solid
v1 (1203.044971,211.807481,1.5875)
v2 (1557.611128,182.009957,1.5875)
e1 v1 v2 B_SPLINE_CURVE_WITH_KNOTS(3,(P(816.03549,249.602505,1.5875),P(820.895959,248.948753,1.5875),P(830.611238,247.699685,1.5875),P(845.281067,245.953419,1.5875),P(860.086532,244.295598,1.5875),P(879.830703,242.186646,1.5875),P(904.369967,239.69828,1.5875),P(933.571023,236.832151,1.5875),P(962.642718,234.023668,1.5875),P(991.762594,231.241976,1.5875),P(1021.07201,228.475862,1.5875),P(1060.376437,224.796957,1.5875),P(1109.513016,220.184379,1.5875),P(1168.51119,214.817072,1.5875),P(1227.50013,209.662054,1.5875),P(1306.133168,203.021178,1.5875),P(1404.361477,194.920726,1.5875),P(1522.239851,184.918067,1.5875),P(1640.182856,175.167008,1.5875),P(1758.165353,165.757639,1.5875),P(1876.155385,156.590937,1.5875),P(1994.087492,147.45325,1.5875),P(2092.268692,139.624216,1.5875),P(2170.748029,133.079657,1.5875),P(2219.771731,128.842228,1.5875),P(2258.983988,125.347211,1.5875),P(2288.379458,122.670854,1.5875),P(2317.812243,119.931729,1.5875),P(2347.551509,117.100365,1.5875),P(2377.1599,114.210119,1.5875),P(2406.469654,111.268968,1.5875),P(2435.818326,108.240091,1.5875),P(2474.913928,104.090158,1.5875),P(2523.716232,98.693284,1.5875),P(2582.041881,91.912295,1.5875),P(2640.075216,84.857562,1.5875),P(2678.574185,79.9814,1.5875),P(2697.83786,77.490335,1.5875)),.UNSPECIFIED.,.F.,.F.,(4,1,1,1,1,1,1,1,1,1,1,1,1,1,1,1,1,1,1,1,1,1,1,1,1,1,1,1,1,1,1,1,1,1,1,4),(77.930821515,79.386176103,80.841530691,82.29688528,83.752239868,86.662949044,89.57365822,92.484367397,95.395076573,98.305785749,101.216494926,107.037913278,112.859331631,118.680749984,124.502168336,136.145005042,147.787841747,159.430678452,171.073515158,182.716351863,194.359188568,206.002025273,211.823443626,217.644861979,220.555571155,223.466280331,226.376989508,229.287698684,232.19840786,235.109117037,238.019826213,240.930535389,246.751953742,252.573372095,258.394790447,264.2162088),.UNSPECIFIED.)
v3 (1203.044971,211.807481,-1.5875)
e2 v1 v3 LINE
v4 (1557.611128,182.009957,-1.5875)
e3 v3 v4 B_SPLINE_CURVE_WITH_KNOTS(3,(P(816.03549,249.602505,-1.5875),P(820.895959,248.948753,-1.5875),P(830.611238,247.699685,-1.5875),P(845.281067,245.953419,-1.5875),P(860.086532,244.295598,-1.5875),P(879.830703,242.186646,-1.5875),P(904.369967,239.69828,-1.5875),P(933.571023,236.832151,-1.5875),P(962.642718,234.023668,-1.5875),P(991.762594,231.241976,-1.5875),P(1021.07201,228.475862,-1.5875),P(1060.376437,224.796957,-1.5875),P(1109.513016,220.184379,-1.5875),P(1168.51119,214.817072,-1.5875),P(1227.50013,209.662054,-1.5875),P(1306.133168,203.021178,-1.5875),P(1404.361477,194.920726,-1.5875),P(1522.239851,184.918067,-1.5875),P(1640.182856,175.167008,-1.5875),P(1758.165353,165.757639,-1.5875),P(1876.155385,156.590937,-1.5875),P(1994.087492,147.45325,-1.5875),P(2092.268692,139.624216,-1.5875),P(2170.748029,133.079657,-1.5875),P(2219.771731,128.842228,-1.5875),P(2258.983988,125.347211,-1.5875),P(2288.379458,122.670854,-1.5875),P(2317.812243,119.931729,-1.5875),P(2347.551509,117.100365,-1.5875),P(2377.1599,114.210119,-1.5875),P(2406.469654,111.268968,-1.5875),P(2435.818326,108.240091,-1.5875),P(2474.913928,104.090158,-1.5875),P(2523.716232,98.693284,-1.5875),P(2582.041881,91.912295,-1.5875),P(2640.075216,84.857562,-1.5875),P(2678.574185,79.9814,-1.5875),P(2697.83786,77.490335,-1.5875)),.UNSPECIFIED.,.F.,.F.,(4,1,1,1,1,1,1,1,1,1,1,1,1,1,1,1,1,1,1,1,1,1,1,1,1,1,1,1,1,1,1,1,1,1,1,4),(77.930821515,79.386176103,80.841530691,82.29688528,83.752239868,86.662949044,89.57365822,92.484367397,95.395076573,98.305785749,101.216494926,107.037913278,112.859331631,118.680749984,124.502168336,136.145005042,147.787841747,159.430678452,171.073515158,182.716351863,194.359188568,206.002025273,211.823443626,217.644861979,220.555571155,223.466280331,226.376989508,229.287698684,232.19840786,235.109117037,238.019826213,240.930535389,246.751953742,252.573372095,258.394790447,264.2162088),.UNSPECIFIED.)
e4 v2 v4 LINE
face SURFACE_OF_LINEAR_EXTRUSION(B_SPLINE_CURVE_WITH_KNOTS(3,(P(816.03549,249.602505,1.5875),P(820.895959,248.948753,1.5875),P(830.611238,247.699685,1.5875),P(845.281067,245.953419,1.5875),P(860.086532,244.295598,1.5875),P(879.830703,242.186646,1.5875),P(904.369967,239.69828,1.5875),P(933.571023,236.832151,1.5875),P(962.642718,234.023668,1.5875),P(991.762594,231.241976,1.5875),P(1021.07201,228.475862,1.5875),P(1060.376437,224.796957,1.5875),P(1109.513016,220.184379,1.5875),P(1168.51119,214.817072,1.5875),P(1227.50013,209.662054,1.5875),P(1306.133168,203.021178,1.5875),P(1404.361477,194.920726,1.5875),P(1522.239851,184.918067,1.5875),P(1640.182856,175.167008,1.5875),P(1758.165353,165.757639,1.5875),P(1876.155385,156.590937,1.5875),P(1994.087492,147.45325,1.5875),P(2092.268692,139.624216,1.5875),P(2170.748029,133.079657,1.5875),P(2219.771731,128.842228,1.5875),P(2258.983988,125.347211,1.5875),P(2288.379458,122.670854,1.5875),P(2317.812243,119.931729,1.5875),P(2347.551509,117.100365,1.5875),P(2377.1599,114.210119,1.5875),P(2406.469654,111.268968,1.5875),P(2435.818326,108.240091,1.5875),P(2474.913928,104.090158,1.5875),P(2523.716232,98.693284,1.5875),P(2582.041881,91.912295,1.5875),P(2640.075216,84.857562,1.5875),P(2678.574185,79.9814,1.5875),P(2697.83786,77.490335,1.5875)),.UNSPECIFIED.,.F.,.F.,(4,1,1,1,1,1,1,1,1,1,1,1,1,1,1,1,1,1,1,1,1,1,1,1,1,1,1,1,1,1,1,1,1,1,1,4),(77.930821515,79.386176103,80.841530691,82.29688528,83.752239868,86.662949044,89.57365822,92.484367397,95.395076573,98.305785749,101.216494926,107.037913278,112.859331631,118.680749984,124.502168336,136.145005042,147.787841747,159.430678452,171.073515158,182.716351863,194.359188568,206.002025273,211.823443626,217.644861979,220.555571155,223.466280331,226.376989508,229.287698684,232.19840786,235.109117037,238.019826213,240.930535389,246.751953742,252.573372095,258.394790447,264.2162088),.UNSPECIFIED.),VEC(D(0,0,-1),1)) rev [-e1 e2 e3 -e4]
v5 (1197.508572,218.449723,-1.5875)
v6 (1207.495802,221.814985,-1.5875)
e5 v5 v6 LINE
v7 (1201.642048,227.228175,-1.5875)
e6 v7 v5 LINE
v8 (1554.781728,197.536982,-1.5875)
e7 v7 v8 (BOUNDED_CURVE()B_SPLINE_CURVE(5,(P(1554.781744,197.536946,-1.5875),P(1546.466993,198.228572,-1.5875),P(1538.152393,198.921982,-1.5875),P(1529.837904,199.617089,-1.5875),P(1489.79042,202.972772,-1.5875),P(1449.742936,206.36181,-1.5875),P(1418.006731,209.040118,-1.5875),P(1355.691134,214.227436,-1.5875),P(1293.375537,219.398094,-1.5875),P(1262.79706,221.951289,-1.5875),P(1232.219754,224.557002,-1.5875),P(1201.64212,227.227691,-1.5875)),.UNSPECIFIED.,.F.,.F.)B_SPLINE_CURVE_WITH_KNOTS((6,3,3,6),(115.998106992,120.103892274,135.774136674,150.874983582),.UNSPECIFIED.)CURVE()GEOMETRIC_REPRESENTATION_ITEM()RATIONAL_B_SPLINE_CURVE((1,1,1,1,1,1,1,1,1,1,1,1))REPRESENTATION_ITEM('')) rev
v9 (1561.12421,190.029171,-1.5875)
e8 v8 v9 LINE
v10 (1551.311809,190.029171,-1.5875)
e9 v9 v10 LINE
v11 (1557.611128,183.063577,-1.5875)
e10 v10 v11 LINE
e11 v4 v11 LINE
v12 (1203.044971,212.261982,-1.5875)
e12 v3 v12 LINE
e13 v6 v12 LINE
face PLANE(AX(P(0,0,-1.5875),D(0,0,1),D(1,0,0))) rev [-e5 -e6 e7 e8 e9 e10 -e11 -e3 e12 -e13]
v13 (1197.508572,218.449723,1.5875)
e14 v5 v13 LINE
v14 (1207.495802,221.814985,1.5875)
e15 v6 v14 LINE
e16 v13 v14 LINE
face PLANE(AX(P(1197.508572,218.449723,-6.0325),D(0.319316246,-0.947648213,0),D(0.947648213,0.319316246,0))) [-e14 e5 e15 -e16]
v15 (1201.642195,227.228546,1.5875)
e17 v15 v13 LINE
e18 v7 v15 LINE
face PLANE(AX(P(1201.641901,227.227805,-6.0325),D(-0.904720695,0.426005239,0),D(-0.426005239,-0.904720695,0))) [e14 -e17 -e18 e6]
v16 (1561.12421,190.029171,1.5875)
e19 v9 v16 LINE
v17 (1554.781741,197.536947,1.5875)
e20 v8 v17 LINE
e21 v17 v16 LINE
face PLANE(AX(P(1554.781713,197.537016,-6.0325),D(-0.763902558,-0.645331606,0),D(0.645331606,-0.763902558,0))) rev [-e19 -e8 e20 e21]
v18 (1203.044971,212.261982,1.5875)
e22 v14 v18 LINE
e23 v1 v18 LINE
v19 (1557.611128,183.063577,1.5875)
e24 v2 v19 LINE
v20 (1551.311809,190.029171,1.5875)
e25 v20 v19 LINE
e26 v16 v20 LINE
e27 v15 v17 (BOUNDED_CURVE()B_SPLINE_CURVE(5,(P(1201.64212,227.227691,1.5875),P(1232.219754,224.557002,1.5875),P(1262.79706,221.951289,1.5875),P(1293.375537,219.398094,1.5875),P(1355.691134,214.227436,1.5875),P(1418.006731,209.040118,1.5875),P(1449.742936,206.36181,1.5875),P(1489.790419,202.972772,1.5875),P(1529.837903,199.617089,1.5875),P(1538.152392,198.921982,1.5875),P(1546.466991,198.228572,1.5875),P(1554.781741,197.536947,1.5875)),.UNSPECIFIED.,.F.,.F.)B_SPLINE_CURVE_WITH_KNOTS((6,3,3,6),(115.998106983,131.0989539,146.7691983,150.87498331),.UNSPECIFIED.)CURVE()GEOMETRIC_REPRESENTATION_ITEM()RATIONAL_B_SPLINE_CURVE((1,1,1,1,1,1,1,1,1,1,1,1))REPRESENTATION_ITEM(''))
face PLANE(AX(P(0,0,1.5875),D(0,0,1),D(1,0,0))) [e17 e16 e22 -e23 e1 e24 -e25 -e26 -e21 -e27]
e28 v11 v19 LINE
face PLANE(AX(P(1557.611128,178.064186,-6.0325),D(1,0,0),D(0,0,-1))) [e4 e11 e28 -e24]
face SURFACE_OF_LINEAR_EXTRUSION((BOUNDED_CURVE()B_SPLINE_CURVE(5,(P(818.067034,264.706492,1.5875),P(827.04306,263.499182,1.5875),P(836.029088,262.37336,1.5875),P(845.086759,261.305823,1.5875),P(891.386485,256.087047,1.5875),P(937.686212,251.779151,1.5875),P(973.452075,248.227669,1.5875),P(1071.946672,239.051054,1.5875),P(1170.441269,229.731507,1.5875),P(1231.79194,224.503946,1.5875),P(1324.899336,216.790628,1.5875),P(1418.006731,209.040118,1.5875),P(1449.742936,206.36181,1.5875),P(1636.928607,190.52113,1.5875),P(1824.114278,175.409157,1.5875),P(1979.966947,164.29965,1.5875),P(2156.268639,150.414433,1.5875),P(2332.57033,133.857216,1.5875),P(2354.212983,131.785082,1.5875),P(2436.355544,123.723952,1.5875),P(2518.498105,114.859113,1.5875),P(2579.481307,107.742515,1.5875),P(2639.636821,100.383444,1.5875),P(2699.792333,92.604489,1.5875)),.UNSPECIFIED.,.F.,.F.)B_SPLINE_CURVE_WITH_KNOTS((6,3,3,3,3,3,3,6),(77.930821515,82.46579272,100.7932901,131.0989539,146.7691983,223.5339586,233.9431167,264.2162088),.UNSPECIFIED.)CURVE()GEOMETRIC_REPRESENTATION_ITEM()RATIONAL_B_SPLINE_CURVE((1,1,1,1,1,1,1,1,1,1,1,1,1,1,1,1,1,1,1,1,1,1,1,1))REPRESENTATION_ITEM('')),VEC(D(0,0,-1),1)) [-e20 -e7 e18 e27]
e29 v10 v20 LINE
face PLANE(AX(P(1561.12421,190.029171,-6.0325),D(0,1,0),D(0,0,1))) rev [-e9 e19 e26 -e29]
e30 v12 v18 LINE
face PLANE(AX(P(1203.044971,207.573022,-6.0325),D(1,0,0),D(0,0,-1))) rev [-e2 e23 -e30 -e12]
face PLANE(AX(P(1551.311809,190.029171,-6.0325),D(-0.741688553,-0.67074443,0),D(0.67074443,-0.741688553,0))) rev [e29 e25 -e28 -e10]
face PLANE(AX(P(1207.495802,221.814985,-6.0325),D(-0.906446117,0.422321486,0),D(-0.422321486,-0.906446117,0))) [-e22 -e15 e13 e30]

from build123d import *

# Parameters (mm, degrees)
BOSS_EXTRUDE1_DEPTH = 1.5875
FILLET1_R           = 2.54
CUT_EXTRUDE1_DEPTH  = 7.62


with BuildPart() as part:
    # Sketch2 → Boss-Extrude1 (new body, symmetric)
    with BuildSketch(Plane.XY):
        with BuildLine():
            add(Edge.make_bspline(
                [(825.5, 263.72872798), (833.004293944, 262.763036085), (840.535916247, 261.846014478), (848.126574562, 260.964164828), (892.90639318, 255.945629274), (937.686211733, 251.779150949), (973.452075064, 248.227669425), (1071.946672141, 239.051054038), (1170.441269319, 229.731506738), (1231.791940344, 224.503945813), (1324.899336146, 216.790627817), (1418.006730935, 209.040117978), (1449.742935921, 206.361809936), (1636.928606778, 190.521130342), (1824.114277635, 175.409157235), (1979.966947376, 164.299650253), (2156.268639429, 150.414433314), (2332.570330468, 133.857216402), (2354.212983157, 131.78508222), (2394.341467798, 127.847039259), (2434.469952439, 123.717187755), (2453.57670361, 121.704562273), (2472.669581058, 119.647220503), (2491.74, 117.547195763)],
                knots=[78.681340958, 78.681340958, 78.681340958, 78.681340958, 78.681340958, 78.681340958, 82.46579272, 82.46579272, 82.46579272, 100.7932901, 100.7932901, 100.7932901, 131.0989539, 131.0989539, 131.0989539, 146.7691983, 146.7691983, 146.7691983, 223.5339586, 223.5339586, 223.5339586, 233.9431167, 233.9431167, 233.9431167, 243.40815085, 243.40815085, 243.40815085, 243.40815085, 243.40815085, 243.40815085], degree=5))
            Line((825.5, 263.72872798), (825.5, 248.364439806))
            add(Edge.make_bspline(
                [(825.5, 248.364439806), (827.20768691, 248.14708351), (833.784664511, 247.321927102), (845.28106727, 245.953419483), (860.086531547, 244.295598067), (879.830703434, 242.186646028), (904.369967092, 239.698279806), (933.571022669, 236.832150625), (962.642718041, 234.023667741), (991.762593943, 231.241975908), (1021.072010315, 228.475862291), (1060.376437315, 224.796956681), (1109.513015577, 220.184378862), (1168.511190361, 214.817071985), (1227.500129793, 209.662054042), (1306.133167947, 203.021178328), (1404.361477105, 194.920725932), (1522.239851071, 184.918066624), (1640.182856491, 175.167007786), (1758.165352567, 165.757639485), (1876.155384769, 156.590937079), (1994.08749188, 147.453250142), (2092.268692061, 139.624216053), (2170.748029042, 133.079656729), (2219.771730977, 128.842227836), (2258.983988247, 125.347211495), (2288.379457536, 122.670854497), (2317.812243116, 119.931729386), (2347.551509172, 117.100365283), (2377.159899727, 114.21011853), (2406.469653851, 111.26896801), (2435.81832606, 108.240091266), (2464.242715806, 105.222889554), (2482.876892709, 103.192325927), (2491.74, 102.214848055)],
                knots=[78.875303138, 78.875303138, 78.875303138, 78.875303138, 79.386176103, 80.841530691, 82.29688528, 83.752239868, 86.662949044, 89.57365822, 92.484367397, 95.395076573, 98.305785749, 101.216494926, 107.037913278, 112.859331631, 118.680749984, 124.502168336, 136.145005042, 147.787841747, 159.430678452, 171.073515158, 182.716351863, 194.359188568, 206.002025273, 211.823443626, 217.644861979, 220.555571155, 223.466280331, 226.376989508, 229.287698684, 232.19840786, 235.109117037, 238.019826213, 240.930535389, 243.57402126, 243.57402126, 243.57402126, 243.57402126], degree=3))
            Line((2491.74, 102.214848055), (2491.74, 117.547195763))
        make_face()
    extrude(amount=BOSS_EXTRUDE1_DEPTH, both=True)

    # Fillet1
    fillet1_edges = [part.edges().sort_by_distance(p)[0] for p in [
        (2491.74, 102.214848055, -0.79375),
        (2491.74, 117.547195763, -0.79375),
        (825.5, 248.364439806, -0.79375),
        (825.5, 263.72872798, 0.79375),
    ]]
    fillet(fillet1_edges, radius=FILLET1_R)

    # Sketch3 → Cut-Extrude1 (cut)
    with BuildSketch(Plane.XY.offset(1.5875)):
        Polygon((1201.641901464, 227.227804562), (1201.641901464, 234.542162162), (821.218059657, 281.929544487), (821.218059657, 218.449722533), (1203.044971141, 207.573021892), (1203.044971141, 212.261982037), (1207.495802024, 221.814984909), (1197.508571749, 218.449722533), align=None)
        Polygon((1554.781712943, 197.53701635), (1561.124210439, 190.02917074), (1551.311808982, 190.02917074), (1557.611128436, 183.063577113), (1557.611128436, 178.064185516), (2509.688563149, 67.607566775), (2509.688563149, 142.671449404), (1554.781712943, 201.416206561), align=None)
    extrude(amount=-CUT_EXTRUDE1_DEPTH, mode=Mode.SUBTRACT)


solid = part.part
